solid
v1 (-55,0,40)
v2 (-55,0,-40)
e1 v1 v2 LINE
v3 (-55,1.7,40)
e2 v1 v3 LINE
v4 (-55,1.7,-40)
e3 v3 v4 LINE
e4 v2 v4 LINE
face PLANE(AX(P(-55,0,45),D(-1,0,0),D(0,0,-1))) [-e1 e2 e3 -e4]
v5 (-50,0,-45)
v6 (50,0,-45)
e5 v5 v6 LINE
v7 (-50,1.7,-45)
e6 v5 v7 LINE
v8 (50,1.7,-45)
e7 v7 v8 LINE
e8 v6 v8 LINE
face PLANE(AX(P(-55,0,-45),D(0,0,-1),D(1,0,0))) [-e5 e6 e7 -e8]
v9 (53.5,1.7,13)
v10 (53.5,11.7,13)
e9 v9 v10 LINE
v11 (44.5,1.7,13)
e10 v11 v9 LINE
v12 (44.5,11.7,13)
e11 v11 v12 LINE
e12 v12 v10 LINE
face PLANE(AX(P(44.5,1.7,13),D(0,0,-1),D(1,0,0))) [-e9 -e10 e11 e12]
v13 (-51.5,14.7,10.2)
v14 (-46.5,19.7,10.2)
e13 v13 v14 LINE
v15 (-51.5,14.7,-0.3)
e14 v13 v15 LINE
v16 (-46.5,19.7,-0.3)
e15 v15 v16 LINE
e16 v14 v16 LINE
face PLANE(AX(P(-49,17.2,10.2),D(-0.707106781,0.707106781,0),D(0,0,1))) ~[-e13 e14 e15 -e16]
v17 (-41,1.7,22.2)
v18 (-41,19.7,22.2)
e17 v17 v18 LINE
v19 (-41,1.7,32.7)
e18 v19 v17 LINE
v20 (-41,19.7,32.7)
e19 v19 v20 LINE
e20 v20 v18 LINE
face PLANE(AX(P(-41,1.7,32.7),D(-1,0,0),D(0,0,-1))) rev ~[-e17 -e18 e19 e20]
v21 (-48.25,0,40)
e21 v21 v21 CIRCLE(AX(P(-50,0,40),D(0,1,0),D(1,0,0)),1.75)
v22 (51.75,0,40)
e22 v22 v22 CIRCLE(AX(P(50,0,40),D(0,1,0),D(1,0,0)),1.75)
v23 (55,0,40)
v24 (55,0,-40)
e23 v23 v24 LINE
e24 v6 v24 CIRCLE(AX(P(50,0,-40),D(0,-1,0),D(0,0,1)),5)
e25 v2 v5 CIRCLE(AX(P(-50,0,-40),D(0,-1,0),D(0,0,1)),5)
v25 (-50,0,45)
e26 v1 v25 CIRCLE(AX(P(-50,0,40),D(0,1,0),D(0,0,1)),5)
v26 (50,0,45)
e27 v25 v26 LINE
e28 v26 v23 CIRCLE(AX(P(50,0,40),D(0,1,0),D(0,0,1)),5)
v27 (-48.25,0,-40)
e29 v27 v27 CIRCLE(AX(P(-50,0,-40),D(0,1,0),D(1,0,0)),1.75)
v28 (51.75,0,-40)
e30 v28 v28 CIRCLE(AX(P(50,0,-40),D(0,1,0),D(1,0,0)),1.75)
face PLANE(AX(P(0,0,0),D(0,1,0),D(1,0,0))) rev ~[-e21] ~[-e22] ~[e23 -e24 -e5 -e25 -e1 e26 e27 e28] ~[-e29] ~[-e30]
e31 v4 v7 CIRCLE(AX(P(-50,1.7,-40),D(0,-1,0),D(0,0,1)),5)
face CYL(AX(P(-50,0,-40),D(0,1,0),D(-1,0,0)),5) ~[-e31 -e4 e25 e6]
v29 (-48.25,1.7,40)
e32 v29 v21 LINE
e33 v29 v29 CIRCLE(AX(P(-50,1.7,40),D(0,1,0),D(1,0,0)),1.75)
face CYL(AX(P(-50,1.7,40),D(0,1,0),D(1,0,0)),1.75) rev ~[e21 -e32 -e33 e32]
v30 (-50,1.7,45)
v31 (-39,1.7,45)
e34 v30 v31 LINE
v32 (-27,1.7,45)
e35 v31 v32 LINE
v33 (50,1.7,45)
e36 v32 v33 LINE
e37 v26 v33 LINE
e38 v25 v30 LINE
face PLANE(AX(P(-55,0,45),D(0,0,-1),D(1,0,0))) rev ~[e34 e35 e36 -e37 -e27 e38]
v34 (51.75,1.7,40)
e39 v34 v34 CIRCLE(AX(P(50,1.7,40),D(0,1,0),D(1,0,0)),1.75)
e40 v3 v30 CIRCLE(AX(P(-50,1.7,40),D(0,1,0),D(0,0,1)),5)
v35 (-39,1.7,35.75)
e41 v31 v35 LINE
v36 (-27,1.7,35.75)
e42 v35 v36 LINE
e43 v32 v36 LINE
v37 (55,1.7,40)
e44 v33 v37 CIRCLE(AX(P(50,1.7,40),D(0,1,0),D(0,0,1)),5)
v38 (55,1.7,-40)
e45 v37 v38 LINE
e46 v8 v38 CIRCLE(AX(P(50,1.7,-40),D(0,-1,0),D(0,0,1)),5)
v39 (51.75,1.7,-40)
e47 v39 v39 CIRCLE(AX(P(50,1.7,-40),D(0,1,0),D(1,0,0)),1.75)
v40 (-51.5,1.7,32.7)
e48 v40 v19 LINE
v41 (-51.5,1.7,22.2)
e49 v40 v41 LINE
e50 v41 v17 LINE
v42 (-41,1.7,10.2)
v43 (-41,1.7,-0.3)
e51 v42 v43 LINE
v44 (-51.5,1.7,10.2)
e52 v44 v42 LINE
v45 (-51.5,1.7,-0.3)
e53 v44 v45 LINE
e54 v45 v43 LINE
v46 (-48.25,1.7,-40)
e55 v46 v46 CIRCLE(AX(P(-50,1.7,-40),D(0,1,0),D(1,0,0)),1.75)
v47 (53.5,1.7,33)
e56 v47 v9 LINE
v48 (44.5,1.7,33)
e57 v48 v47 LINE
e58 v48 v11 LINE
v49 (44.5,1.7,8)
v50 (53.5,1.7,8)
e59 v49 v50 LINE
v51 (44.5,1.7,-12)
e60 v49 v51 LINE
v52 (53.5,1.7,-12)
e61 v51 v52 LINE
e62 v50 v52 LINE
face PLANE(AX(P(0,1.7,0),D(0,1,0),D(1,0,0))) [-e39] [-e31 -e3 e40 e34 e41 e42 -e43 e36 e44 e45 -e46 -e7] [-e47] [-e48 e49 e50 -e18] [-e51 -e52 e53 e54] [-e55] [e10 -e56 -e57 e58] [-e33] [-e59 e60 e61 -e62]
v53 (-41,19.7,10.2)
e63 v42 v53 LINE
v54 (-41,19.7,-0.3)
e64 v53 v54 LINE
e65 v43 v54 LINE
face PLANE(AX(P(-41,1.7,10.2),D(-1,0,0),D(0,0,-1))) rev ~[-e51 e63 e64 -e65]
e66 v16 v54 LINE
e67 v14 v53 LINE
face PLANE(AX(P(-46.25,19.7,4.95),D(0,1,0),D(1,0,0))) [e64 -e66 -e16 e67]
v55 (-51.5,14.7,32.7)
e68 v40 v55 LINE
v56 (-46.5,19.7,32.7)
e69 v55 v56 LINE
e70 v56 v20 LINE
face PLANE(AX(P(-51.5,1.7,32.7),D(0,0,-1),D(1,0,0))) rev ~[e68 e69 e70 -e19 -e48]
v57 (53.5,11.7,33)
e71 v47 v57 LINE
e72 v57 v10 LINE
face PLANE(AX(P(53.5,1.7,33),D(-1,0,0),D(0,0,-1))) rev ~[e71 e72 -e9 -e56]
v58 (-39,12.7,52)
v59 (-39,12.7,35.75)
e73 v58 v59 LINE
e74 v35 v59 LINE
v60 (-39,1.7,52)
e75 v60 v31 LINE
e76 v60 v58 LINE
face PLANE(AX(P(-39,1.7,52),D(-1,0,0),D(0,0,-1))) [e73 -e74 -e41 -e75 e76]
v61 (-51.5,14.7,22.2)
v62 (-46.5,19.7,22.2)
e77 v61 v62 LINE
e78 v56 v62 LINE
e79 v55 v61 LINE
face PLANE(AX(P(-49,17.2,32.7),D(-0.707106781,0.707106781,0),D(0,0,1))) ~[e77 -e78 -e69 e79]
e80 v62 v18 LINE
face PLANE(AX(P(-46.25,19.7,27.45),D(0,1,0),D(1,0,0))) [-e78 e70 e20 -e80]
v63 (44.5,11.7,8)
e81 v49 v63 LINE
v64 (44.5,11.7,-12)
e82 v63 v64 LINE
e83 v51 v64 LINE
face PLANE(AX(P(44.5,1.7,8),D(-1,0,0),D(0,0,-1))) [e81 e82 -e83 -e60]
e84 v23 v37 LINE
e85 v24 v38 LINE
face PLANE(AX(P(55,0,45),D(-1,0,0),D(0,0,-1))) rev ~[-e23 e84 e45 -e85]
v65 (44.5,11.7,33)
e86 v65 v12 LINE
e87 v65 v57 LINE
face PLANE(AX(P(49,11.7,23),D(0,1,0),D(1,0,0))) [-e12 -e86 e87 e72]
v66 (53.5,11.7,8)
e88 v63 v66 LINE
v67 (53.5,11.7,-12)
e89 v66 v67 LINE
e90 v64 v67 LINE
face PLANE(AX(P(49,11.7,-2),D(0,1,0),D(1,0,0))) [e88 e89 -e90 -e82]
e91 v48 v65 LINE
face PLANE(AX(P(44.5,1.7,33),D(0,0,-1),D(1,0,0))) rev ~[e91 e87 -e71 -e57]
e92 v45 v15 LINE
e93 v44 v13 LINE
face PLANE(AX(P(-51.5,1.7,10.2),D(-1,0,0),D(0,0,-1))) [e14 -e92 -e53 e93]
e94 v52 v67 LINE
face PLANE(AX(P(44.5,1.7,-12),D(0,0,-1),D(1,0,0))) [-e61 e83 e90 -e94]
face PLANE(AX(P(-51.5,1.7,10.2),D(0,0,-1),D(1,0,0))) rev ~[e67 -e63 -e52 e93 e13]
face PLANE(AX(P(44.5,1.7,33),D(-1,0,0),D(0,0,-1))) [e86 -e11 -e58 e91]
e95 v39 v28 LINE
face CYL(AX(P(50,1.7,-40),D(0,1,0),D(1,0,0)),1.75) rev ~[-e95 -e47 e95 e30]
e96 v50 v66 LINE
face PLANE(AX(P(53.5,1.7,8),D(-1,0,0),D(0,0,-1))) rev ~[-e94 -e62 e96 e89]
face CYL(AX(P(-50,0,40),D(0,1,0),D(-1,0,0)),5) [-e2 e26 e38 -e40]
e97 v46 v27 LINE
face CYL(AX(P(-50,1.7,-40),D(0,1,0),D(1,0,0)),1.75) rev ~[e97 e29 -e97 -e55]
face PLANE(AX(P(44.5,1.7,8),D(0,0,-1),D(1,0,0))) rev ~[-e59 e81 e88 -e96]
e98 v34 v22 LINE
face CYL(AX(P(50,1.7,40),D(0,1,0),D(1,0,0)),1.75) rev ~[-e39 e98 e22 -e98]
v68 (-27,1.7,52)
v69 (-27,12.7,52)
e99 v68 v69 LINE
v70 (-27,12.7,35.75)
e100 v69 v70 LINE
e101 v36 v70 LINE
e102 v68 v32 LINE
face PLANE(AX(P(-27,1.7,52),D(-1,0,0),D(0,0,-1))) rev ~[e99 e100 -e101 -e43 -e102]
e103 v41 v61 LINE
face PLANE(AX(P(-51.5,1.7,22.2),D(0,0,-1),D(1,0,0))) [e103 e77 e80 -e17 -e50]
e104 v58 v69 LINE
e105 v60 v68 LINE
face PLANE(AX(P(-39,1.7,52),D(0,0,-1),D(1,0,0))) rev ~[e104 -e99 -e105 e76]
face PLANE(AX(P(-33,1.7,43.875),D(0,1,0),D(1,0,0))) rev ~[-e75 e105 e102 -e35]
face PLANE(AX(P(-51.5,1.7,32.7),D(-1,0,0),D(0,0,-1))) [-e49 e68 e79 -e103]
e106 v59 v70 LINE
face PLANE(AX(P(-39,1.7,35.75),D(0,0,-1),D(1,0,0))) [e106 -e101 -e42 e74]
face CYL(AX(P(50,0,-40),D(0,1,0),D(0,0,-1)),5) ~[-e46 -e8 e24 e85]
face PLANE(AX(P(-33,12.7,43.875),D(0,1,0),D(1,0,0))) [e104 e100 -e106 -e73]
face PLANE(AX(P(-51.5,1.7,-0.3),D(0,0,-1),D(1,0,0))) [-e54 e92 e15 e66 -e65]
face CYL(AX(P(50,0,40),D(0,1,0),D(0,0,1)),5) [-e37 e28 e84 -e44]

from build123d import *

# Parameters (mm, degrees)
SKETCH1_W                      = 110
SKETCH1_H                      = 90
BOSS_EXTRUDE1_DEPTH            = 1.7
CUT_EXTRUDE1_REACH             = 3.7
SKETCH2_R                      = 1.75
CUT_EXTRUDE1_DIRECTION_2_DEPTH = 1
FILLET1_R                      = 5
SKETCH3_W                      = 10.5
SKETCH3_H                      = 10.5
BOSS_EXTRUDE2_DEPTH            = 18
CHAMFER1_SIZE                  = 5
SKETCH4_W                      = 12
SKETCH4_H                      = 16.25
BOSS_EXTRUDE3_DEPTH            = 11
SKETCH5_W                      = 9
SKETCH5_H                      = 20
BOSS_EXTRUDE4_DEPTH            = 10


with BuildPart() as part:
    # Sketch1 → Boss-Extrude1 (new body)
    with BuildSketch(Plane(origin=(0, 0, 0), x_dir=(1, 0, 0), z_dir=(0, 1, 0))):
        Rectangle(SKETCH1_W, SKETCH1_H)
    extrude(amount=BOSS_EXTRUDE1_DEPTH)

    # Sketch2 → Cut-Extrude1 (cut, up to next)
    with BuildSketch(Plane(origin=(0, 1.7, 0), x_dir=(1, 0, 0), z_dir=(0, 1, 0)), mode=Mode.PRIVATE) as cut_extrude1_sk1:
        with Locations((-50, 40)):
            Circle(SKETCH2_R)
    cut_extrude1_tool1 = extrude(cut_extrude1_sk1.sketch, amount=-CUT_EXTRUDE1_REACH, mode=Mode.PRIVATE) & part.part
    add(cut_extrude1_tool1.solids().sort_by_distance((-50, 1.7, -40))[0], mode=Mode.SUBTRACT)
    # Sketch2 → Cut-Extrude1 (cut, up to next)
    with BuildSketch(Plane(origin=(0, 1.7, 0), x_dir=(1, 0, 0), z_dir=(0, 1, 0)), mode=Mode.PRIVATE) as cut_extrude1_sk2:
        with Locations((-50, -40)):
            Circle(SKETCH2_R)
    cut_extrude1_tool2 = extrude(cut_extrude1_sk2.sketch, amount=-CUT_EXTRUDE1_REACH, mode=Mode.PRIVATE) & part.part
    add(cut_extrude1_tool2.solids().sort_by_distance((-50, 1.7, 40))[0], mode=Mode.SUBTRACT)
    # Sketch2 → Cut-Extrude1 (cut, up to next)
    with BuildSketch(Plane(origin=(0, 1.7, 0), x_dir=(1, 0, 0), z_dir=(0, 1, 0)), mode=Mode.PRIVATE) as cut_extrude1_sk3:
        with Locations((50, -40)):
            Circle(SKETCH2_R)
    cut_extrude1_tool3 = extrude(cut_extrude1_sk3.sketch, amount=-CUT_EXTRUDE1_REACH, mode=Mode.PRIVATE) & part.part
    add(cut_extrude1_tool3.solids().sort_by_distance((50, 1.7, 40))[0], mode=Mode.SUBTRACT)
    # Sketch2 → Cut-Extrude1 (cut, up to next)
    with BuildSketch(Plane(origin=(0, 1.7, 0), x_dir=(1, 0, 0), z_dir=(0, 1, 0)), mode=Mode.PRIVATE) as cut_extrude1_sk4:
        with Locations((50, 40)):
            Circle(SKETCH2_R)
    cut_extrude1_tool4 = extrude(cut_extrude1_sk4.sketch, amount=-CUT_EXTRUDE1_REACH, mode=Mode.PRIVATE) & part.part
    add(cut_extrude1_tool4.solids().sort_by_distance((50, 1.7, -40))[0], mode=Mode.SUBTRACT)

    # Sketch2 → Cut-Extrude1 direction 2 (cut)
    with BuildSketch(Plane(origin=(0, 1.7, 0), x_dir=(1, 0, 0), z_dir=(0, 1, 0))):
        with Locations((-50, 40)):
            Circle(SKETCH2_R)
        with Locations((-50, -40)):
            Circle(SKETCH2_R)
        with Locations((50, -40)):
            Circle(SKETCH2_R)
        with Locations((50, 40)):
            Circle(SKETCH2_R)
    extrude(amount=CUT_EXTRUDE1_DIRECTION_2_DEPTH, mode=Mode.SUBTRACT)

    # Fillet1
    fillet1_edges = [part.edges().sort_by_distance(p)[0] for p in [
        (55, 0.85, 45),
        (-55, 0.85, 45),
        (-55, 0.85, -45),
        (55, 0.85, -45),
    ]]
    fillet(fillet1_edges, radius=FILLET1_R)

    # Sketch3 → Boss-Extrude2 (add)
    with BuildSketch(Plane(origin=(0, 1.7, 0), x_dir=(1, 0, 0), z_dir=(0, 1, 0))):
        with Locations((-46.25, -27.45)):
            Rectangle(SKETCH3_W, SKETCH3_H)
        with Locations((-46.25, -4.95)):
            Rectangle(SKETCH3_W, SKETCH3_H)
    extrude(amount=BOSS_EXTRUDE2_DEPTH)

    # Chamfer1
    chamfer1_edges = [part.edges().sort_by_distance(p)[0] for p in [
        (-51.5, 19.7, 27.45),
        (-51.5, 19.7, 4.95),
    ]]
    chamfer(chamfer1_edges, length=CHAMFER1_SIZE)

    # Sketch4 → Boss-Extrude3 (add)
    with BuildSketch(Plane(origin=(0, 1.7, 0), x_dir=(1, 0, 0), z_dir=(0, 1, 0))):
        with Locations((-33, -43.875)):
            Rectangle(SKETCH4_W, SKETCH4_H)
    extrude(amount=BOSS_EXTRUDE3_DEPTH)

    # Sketch5 → Boss-Extrude4 (add)
    with BuildSketch(Plane(origin=(0, 1.7, 0), x_dir=(1, 0, 0), z_dir=(0, 1, 0))):
        with Locations((49, -23)):
            Rectangle(SKETCH5_W, SKETCH5_H)
        with Locations((49, 2)):
            Rectangle(SKETCH5_W, SKETCH5_H)
    extrude(amount=BOSS_EXTRUDE4_DEPTH)


solid = part.part
